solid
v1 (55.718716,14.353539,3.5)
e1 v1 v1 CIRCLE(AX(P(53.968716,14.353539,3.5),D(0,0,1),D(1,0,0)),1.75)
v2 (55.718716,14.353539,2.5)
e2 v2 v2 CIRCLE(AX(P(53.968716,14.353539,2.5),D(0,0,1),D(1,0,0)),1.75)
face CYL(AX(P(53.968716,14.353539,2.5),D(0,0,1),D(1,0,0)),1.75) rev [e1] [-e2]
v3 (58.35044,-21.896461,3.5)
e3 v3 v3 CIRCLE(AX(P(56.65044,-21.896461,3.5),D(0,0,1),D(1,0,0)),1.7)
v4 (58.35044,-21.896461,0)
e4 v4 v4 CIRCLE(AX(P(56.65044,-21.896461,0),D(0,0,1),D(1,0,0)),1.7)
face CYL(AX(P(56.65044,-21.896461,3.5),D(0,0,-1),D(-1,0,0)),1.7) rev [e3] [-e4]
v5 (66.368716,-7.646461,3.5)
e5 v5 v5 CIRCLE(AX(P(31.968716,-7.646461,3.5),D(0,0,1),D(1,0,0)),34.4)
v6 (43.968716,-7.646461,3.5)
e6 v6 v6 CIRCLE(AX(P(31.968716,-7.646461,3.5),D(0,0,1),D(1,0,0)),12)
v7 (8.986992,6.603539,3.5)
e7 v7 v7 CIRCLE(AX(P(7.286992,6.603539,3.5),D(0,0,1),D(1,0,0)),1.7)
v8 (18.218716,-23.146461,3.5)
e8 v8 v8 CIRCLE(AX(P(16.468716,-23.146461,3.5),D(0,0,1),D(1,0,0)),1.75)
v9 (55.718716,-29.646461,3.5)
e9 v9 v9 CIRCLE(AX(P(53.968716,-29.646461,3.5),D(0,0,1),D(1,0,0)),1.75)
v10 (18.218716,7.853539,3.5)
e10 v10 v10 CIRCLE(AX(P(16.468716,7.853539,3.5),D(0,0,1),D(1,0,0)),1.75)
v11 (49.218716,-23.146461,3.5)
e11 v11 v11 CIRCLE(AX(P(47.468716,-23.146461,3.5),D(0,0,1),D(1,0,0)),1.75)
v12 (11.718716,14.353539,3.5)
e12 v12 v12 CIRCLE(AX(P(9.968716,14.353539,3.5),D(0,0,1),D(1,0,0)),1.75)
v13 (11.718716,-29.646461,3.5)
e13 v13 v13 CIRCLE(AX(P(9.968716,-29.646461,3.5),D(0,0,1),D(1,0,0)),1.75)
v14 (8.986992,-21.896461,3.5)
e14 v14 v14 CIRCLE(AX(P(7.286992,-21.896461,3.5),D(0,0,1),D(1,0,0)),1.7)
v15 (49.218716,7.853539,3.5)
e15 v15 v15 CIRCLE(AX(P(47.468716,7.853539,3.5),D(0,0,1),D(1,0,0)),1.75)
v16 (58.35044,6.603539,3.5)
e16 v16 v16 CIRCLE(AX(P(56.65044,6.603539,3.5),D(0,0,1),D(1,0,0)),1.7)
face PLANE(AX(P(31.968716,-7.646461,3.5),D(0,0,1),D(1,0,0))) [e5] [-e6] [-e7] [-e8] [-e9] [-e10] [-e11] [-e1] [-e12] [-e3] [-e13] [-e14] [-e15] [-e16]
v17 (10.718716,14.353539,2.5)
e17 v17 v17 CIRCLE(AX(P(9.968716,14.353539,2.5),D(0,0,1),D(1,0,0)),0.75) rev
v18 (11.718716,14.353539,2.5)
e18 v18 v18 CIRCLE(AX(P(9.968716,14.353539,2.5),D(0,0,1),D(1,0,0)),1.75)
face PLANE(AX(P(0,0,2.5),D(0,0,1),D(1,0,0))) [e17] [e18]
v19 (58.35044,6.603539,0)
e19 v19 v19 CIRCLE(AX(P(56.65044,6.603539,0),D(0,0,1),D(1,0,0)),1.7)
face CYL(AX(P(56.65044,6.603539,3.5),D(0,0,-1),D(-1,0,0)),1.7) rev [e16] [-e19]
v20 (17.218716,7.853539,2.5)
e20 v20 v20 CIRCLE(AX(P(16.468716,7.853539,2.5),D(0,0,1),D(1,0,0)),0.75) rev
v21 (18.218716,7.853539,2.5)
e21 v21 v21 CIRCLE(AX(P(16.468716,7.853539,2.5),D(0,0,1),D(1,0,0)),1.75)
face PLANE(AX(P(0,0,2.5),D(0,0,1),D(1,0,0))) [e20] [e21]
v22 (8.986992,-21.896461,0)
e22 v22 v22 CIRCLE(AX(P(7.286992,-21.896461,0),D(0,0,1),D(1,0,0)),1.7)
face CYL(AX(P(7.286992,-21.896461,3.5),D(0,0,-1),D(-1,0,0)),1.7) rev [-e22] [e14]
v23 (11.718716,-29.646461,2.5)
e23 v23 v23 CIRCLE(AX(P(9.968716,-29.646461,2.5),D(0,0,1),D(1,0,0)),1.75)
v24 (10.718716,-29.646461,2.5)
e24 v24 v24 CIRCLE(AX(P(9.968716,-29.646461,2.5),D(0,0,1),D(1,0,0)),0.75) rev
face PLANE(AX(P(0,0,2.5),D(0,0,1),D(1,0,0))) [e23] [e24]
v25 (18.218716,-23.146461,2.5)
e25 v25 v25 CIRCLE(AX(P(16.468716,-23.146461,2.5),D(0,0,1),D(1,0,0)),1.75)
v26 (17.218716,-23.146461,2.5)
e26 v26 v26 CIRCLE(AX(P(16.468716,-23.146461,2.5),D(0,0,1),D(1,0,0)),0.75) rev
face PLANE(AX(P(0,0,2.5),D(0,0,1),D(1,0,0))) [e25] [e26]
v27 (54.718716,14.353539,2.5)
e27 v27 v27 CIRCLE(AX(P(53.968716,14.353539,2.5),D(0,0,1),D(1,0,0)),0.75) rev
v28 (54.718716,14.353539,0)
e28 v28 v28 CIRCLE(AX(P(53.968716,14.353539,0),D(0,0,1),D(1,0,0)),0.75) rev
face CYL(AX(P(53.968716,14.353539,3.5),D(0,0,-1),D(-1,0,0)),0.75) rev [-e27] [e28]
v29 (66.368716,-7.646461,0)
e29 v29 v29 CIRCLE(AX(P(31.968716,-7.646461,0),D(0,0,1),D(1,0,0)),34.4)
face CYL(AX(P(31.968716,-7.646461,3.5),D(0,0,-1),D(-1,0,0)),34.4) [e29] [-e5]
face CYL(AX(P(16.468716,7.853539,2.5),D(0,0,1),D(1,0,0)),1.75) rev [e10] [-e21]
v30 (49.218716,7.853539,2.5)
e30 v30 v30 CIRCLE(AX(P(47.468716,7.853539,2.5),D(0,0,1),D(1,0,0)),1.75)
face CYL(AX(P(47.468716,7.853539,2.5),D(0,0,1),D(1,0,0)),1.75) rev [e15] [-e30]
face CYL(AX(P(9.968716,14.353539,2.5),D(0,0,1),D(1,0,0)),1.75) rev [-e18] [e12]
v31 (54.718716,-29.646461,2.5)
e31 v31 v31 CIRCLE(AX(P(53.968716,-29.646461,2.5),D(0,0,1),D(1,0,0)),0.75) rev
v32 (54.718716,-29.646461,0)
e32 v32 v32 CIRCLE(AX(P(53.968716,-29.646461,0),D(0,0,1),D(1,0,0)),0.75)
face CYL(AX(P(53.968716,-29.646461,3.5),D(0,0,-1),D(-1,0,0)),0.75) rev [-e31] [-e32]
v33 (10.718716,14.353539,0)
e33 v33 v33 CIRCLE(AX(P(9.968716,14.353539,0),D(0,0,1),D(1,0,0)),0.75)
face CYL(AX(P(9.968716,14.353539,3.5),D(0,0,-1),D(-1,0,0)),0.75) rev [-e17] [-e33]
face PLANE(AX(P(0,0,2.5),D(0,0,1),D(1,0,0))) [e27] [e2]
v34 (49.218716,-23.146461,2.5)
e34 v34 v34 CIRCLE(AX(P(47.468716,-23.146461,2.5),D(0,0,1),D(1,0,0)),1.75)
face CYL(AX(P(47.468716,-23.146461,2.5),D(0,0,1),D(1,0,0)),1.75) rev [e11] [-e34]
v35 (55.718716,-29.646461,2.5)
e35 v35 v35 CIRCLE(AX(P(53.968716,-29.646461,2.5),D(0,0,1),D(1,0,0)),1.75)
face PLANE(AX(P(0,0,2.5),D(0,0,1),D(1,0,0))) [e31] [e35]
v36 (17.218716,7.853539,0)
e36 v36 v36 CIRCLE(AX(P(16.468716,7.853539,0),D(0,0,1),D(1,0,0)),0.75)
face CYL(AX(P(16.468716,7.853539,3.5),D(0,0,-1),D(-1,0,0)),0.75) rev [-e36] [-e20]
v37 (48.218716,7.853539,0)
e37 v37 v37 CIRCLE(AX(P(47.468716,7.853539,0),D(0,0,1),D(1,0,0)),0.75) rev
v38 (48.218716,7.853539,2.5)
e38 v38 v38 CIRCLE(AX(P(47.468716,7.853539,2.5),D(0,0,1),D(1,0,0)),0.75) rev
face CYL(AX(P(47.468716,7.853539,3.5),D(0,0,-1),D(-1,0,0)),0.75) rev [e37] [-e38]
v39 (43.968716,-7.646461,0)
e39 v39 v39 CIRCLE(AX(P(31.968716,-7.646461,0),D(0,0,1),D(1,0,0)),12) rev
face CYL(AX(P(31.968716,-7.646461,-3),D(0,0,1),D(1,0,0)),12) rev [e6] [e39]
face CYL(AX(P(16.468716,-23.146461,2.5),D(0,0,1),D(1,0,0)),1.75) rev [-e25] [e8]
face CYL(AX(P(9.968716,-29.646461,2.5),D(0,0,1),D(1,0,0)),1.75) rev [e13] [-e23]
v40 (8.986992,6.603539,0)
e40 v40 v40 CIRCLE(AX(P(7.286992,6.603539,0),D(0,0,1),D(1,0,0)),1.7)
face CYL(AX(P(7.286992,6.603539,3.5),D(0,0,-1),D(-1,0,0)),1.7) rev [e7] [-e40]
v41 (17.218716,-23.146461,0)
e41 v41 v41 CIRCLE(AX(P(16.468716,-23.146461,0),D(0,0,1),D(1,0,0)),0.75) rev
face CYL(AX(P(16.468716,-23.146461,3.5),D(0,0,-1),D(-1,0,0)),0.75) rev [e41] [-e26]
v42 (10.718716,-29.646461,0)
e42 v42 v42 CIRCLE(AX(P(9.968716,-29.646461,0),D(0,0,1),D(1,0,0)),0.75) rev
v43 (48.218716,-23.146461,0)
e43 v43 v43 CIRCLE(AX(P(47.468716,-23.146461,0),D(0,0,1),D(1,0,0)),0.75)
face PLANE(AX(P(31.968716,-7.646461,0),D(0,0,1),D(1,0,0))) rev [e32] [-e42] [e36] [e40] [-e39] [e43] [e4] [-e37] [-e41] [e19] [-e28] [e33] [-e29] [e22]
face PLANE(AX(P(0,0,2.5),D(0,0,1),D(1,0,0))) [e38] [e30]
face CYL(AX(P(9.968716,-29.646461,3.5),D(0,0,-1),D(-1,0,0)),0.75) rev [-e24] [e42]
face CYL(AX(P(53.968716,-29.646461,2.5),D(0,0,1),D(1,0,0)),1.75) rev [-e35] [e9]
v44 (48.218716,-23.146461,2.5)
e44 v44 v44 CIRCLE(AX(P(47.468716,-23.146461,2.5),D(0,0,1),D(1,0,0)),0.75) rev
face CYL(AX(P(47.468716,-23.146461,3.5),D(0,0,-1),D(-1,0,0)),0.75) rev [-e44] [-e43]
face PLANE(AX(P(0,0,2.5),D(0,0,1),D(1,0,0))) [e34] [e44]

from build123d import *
from build123d.topology import SkipClean

# Parameters (mm, degrees)
EXTRUDE_1_DEPTH     = 3.5
EXTRUDE_START       = 3
SKETCH_2_R          = 1.7
EXTRUDE_2_DEPTH     = 3
SKETCH_3_R          = 0.75
CUT_EXTRUDE_1_DEPTH = 88.945086175
SKETCH_4_R          = 12
CUT_EXTRUDE_2_DEPTH = 88.945086175
CUT_EXTRUDE_START   = -1
SKETCH_5_R          = 1.75
SKETCH_5_R_2        = 0.75
CUT_EXTRUDE_4_DEPTH = 1
SKETCH_6_W          = 3
SKETCH_6_H          = 50
CUT_EXTRUDE_5_DEPTH = 100.398968375


with BuildPart() as part:
    # 草图1 → 凸台-拉伸1 (new body)
    with BuildSketch(Plane.XY):
        with BuildLine():
            ThreePointArc((31.968716166, 26.753538627), (7.644242894, 16.6780119), (-2.431283834, -7.646461373))
            ThreePointArc((-2.431283834, -7.646461373), (31.968716166, -42.046461373), (66.368716166, -7.646461373))
            ThreePointArc((66.368716166, -7.646461373), (56.293189439, 16.6780119), (31.968716166, 26.753538627))
        make_face()
        with BuildLine():
            ThreePointArc((7.286992159, 4.903538627), (8.986992159, 6.603538627), (7.286992159, 8.303538627))
            ThreePointArc((7.286992159, 8.303538627), (5.586992159, 6.603538627), (7.286992159, 4.903538627))
        make_face(mode=Mode.SUBTRACT)
        with BuildLine():
            ThreePointArc((56.650440174, 8.303538627), (54.950440174, 6.603538627), (56.650440174, 4.903538627))
            ThreePointArc((56.650440174, 4.903538627), (58.350440174, 6.603538627), (56.650440174, 8.303538627))
        make_face(mode=Mode.SUBTRACT)
        with BuildLine():
            ThreePointArc((7.286992159, -23.596461373), (8.986992159, -21.896461373), (7.286992159, -20.196461373))
            ThreePointArc((7.286992159, -20.196461373), (5.586992159, -21.896461373), (7.286992159, -23.596461373))
        make_face(mode=Mode.SUBTRACT)
        with BuildLine():
            ThreePointArc((56.650440174, -20.196461373), (54.950440174, -21.896461373), (56.650440174, -23.596461373))
            ThreePointArc((56.650440174, -23.596461373), (58.350440174, -21.896461373), (56.650440174, -20.196461373))
        make_face(mode=Mode.SUBTRACT)
    extrude(amount=EXTRUDE_1_DEPTH)

    # 草图2 → 凸台-拉伸2 (add)
    # profile 1 of 3: a face of its own
    with SkipClean():  # the faces are left unmerged after this step: merging them gives an invalid solid
        with BuildSketch(Plane(origin=(0, 0, 0), x_dir=(-1, 0, 0), z_dir=(0, 0, -1)).offset(EXTRUDE_START)):
            with BuildLine():
                ThreePointArc((-55.598358567, 17.353538627), (-66.368716166, -7.646461373), (-55.598358567, -32.646461373))
                Line((-55.598358567, -32.646461373), (-8.339073765, -32.646461373))
                ThreePointArc((-8.339073765, -32.646461373), (-0.375839607, -21.257124498), (2.431283834, -7.646461373))
                ThreePointArc((2.431283834, -7.646461373), (-0.375839607, 5.964201752), (-8.339073765, 17.353538627))
                Line((-8.339073765, 17.353538627), (-55.598358567, 17.353538627))
            make_face()
            with Locations((-56.650440174, -21.896461373)):
                Circle(SKETCH_2_R, mode=Mode.SUBTRACT)
            with Locations((-7.286992159, -21.896461373)):
                Circle(SKETCH_2_R, mode=Mode.SUBTRACT)
            with Locations((-56.650440174, 6.603538627)):
                Circle(SKETCH_2_R, mode=Mode.SUBTRACT)
            with Locations((-7.286992159, 6.603538627)):
                Circle(SKETCH_2_R, mode=Mode.SUBTRACT)
        # profile 2 of 3: a face of its own
        with BuildSketch(Plane(origin=(0, 0, 0), x_dir=(-1, 0, 0), z_dir=(0, 0, -1)).offset(EXTRUDE_START)):
            with BuildLine():
                Line((-76.968716166, 17.353538627), (-76.968716166, -32.646461373))
                Line((-76.968716166, -32.646461373), (-55.598358567, -32.646461373))
                ThreePointArc((-55.598358567, -32.646461373), (-66.368716166, -7.646461373), (-55.598358567, 17.353538627))
                Line((-55.598358567, 17.353538627), (-76.968716166, 17.353538627))
            make_face()
        # profile 3 of 3: a face of its own
        with BuildSketch(Plane(origin=(0, 0, 0), x_dir=(-1, 0, 0), z_dir=(0, 0, -1)).offset(EXTRUDE_START)):
            with BuildLine():
                ThreePointArc((2.431283834, -7.646461373), (-0.375839607, -21.257124498), (-8.339073765, -32.646461373))
                Line((-8.339073765, -32.646461373), (13.031283834, -32.646461373))
                Line((13.031283834, -32.646461373), (13.031283834, 17.353538627))
                Line((13.031283834, 17.353538627), (-8.339073765, 17.353538627))
                ThreePointArc((-8.339073765, 17.353538627), (-0.375839607, 5.964201752), (2.431283834, -7.646461373))
            make_face()
        extrude(amount=-EXTRUDE_2_DEPTH)

    # 草图3 → 切除-拉伸1 (cut, through all)
    with SkipClean():  # the faces are left unmerged after this step: merging them gives an invalid solid
        with BuildSketch(Plane(origin=(0, 0, -3), x_dir=(-1, 0, 0), z_dir=(0, 0, -1))):
            with Locations((-47.468716166, 7.853538627)):
                Circle(SKETCH_3_R)
            with Locations(Location((-47.468716166, -23.146461373, 0), (0, 0, 180))):
                Circle(SKETCH_3_R)
            with Locations(Location((-16.468716166, 7.853538627, 0), (0, 0, 180))):
                Circle(SKETCH_3_R)
            with Locations((-16.468716166, -23.146461373)):
                Circle(SKETCH_3_R)
            with Locations((-53.968716166, 14.353538627)):
                Circle(SKETCH_3_R)
            with Locations(Location((-53.968716166, -29.646461373, 0), (0, 0, 180))):
                Circle(SKETCH_3_R)
            with Locations((-9.968716166, -29.646461373)):
                Circle(SKETCH_3_R)
            with Locations(Location((-9.968716166, 14.353538627, 0), (0, 0, 180))):
                Circle(SKETCH_3_R)
        extrude(amount=-CUT_EXTRUDE_1_DEPTH, mode=Mode.SUBTRACT)

    # 草图4 → 切除-拉伸2 (cut, through all)
    with SkipClean():  # the faces are left unmerged after this step: merging them gives an invalid solid
        with BuildSketch(Plane.XY.offset(3.5)):
            with Locations((31.968716166, -7.646461373)):
                Circle(SKETCH_4_R)
        extrude(amount=-CUT_EXTRUDE_2_DEPTH, mode=Mode.SUBTRACT)

    # 草图5 → 切除-拉伸4 (cut)
    # profile 1 of 8: a face of its own
    with SkipClean():  # the faces are left unmerged after this step: merging them gives an invalid solid
        with BuildSketch(Plane.XY.offset(3.5).offset(CUT_EXTRUDE_START)):
            with Locations((9.968716166, 14.353538627)):
                Circle(SKETCH_5_R)
            with Locations((9.968716166, 14.353538627)):
                Circle(SKETCH_5_R_2, mode=Mode.SUBTRACT)
        # profile 2 of 8: a face of its own
        with BuildSketch(Plane.XY.offset(3.5).offset(CUT_EXTRUDE_START)):
            with Locations((16.468716166, 7.853538627)):
                Circle(SKETCH_5_R)
            with Locations((16.468716166, 7.853538627)):
                Circle(SKETCH_5_R_2, mode=Mode.SUBTRACT)
        # profile 3 of 8: a face of its own
        with BuildSketch(Plane.XY.offset(3.5).offset(CUT_EXTRUDE_START)):
            with Locations((47.468716166, 7.853538627)):
                Circle(SKETCH_5_R)
            with Locations(Location((47.468716166, 7.853538627, 0), (0, 0, 180))):
                Circle(SKETCH_5_R_2, mode=Mode.SUBTRACT)
        # profile 4 of 8: a face of its own
        with BuildSketch(Plane.XY.offset(3.5).offset(CUT_EXTRUDE_START)):
            with Locations((53.968716166, 14.353538627)):
                Circle(SKETCH_5_R)
            with Locations(Location((53.968716166, 14.353538627, 0), (0, 0, 180))):
                Circle(SKETCH_5_R_2, mode=Mode.SUBTRACT)
        # profile 5 of 8: a face of its own
        with BuildSketch(Plane.XY.offset(3.5).offset(CUT_EXTRUDE_START)):
            with Locations((47.468716166, -23.146461373)):
                Circle(SKETCH_5_R)
            with Locations((47.468716166, -23.146461373)):
                Circle(SKETCH_5_R_2, mode=Mode.SUBTRACT)
        # profile 6 of 8: a face of its own
        with BuildSketch(Plane.XY.offset(3.5).offset(CUT_EXTRUDE_START)):
            with Locations((16.468716166, -23.146461373)):
                Circle(SKETCH_5_R)
            with Locations(Location((16.468716166, -23.146461373, 0), (0, 0, 180))):
                Circle(SKETCH_5_R_2, mode=Mode.SUBTRACT)
        # profile 7 of 8: a face of its own
        with BuildSketch(Plane.XY.offset(3.5).offset(CUT_EXTRUDE_START)):
            with Locations((9.968716166, -29.646461373)):
                Circle(SKETCH_5_R)
            with Locations(Location((9.968716166, -29.646461373, 0), (0, 0, 180))):
                Circle(SKETCH_5_R_2, mode=Mode.SUBTRACT)
        # profile 8 of 8: a face of its own
        with BuildSketch(Plane.XY.offset(3.5).offset(CUT_EXTRUDE_START)):
            with Locations((53.968716166, -29.646461373)):
                Circle(SKETCH_5_R)
            with Locations((53.968716166, -29.646461373)):
                Circle(SKETCH_5_R_2, mode=Mode.SUBTRACT)
        extrude(amount=CUT_EXTRUDE_4_DEPTH, mode=Mode.SUBTRACT)

    # 草图6 → 切除-拉伸5 (cut, through all)
    with BuildSketch(Plane(origin=(76.968716166, 0, 0), x_dir=(0, 0, -1), z_dir=(1, 0, 0))):
        with Locations((1.5, -7.646461373)):
            Rectangle(SKETCH_6_W, SKETCH_6_H)
    extrude(amount=-CUT_EXTRUDE_5_DEPTH, mode=Mode.SUBTRACT)


solid = part.part
